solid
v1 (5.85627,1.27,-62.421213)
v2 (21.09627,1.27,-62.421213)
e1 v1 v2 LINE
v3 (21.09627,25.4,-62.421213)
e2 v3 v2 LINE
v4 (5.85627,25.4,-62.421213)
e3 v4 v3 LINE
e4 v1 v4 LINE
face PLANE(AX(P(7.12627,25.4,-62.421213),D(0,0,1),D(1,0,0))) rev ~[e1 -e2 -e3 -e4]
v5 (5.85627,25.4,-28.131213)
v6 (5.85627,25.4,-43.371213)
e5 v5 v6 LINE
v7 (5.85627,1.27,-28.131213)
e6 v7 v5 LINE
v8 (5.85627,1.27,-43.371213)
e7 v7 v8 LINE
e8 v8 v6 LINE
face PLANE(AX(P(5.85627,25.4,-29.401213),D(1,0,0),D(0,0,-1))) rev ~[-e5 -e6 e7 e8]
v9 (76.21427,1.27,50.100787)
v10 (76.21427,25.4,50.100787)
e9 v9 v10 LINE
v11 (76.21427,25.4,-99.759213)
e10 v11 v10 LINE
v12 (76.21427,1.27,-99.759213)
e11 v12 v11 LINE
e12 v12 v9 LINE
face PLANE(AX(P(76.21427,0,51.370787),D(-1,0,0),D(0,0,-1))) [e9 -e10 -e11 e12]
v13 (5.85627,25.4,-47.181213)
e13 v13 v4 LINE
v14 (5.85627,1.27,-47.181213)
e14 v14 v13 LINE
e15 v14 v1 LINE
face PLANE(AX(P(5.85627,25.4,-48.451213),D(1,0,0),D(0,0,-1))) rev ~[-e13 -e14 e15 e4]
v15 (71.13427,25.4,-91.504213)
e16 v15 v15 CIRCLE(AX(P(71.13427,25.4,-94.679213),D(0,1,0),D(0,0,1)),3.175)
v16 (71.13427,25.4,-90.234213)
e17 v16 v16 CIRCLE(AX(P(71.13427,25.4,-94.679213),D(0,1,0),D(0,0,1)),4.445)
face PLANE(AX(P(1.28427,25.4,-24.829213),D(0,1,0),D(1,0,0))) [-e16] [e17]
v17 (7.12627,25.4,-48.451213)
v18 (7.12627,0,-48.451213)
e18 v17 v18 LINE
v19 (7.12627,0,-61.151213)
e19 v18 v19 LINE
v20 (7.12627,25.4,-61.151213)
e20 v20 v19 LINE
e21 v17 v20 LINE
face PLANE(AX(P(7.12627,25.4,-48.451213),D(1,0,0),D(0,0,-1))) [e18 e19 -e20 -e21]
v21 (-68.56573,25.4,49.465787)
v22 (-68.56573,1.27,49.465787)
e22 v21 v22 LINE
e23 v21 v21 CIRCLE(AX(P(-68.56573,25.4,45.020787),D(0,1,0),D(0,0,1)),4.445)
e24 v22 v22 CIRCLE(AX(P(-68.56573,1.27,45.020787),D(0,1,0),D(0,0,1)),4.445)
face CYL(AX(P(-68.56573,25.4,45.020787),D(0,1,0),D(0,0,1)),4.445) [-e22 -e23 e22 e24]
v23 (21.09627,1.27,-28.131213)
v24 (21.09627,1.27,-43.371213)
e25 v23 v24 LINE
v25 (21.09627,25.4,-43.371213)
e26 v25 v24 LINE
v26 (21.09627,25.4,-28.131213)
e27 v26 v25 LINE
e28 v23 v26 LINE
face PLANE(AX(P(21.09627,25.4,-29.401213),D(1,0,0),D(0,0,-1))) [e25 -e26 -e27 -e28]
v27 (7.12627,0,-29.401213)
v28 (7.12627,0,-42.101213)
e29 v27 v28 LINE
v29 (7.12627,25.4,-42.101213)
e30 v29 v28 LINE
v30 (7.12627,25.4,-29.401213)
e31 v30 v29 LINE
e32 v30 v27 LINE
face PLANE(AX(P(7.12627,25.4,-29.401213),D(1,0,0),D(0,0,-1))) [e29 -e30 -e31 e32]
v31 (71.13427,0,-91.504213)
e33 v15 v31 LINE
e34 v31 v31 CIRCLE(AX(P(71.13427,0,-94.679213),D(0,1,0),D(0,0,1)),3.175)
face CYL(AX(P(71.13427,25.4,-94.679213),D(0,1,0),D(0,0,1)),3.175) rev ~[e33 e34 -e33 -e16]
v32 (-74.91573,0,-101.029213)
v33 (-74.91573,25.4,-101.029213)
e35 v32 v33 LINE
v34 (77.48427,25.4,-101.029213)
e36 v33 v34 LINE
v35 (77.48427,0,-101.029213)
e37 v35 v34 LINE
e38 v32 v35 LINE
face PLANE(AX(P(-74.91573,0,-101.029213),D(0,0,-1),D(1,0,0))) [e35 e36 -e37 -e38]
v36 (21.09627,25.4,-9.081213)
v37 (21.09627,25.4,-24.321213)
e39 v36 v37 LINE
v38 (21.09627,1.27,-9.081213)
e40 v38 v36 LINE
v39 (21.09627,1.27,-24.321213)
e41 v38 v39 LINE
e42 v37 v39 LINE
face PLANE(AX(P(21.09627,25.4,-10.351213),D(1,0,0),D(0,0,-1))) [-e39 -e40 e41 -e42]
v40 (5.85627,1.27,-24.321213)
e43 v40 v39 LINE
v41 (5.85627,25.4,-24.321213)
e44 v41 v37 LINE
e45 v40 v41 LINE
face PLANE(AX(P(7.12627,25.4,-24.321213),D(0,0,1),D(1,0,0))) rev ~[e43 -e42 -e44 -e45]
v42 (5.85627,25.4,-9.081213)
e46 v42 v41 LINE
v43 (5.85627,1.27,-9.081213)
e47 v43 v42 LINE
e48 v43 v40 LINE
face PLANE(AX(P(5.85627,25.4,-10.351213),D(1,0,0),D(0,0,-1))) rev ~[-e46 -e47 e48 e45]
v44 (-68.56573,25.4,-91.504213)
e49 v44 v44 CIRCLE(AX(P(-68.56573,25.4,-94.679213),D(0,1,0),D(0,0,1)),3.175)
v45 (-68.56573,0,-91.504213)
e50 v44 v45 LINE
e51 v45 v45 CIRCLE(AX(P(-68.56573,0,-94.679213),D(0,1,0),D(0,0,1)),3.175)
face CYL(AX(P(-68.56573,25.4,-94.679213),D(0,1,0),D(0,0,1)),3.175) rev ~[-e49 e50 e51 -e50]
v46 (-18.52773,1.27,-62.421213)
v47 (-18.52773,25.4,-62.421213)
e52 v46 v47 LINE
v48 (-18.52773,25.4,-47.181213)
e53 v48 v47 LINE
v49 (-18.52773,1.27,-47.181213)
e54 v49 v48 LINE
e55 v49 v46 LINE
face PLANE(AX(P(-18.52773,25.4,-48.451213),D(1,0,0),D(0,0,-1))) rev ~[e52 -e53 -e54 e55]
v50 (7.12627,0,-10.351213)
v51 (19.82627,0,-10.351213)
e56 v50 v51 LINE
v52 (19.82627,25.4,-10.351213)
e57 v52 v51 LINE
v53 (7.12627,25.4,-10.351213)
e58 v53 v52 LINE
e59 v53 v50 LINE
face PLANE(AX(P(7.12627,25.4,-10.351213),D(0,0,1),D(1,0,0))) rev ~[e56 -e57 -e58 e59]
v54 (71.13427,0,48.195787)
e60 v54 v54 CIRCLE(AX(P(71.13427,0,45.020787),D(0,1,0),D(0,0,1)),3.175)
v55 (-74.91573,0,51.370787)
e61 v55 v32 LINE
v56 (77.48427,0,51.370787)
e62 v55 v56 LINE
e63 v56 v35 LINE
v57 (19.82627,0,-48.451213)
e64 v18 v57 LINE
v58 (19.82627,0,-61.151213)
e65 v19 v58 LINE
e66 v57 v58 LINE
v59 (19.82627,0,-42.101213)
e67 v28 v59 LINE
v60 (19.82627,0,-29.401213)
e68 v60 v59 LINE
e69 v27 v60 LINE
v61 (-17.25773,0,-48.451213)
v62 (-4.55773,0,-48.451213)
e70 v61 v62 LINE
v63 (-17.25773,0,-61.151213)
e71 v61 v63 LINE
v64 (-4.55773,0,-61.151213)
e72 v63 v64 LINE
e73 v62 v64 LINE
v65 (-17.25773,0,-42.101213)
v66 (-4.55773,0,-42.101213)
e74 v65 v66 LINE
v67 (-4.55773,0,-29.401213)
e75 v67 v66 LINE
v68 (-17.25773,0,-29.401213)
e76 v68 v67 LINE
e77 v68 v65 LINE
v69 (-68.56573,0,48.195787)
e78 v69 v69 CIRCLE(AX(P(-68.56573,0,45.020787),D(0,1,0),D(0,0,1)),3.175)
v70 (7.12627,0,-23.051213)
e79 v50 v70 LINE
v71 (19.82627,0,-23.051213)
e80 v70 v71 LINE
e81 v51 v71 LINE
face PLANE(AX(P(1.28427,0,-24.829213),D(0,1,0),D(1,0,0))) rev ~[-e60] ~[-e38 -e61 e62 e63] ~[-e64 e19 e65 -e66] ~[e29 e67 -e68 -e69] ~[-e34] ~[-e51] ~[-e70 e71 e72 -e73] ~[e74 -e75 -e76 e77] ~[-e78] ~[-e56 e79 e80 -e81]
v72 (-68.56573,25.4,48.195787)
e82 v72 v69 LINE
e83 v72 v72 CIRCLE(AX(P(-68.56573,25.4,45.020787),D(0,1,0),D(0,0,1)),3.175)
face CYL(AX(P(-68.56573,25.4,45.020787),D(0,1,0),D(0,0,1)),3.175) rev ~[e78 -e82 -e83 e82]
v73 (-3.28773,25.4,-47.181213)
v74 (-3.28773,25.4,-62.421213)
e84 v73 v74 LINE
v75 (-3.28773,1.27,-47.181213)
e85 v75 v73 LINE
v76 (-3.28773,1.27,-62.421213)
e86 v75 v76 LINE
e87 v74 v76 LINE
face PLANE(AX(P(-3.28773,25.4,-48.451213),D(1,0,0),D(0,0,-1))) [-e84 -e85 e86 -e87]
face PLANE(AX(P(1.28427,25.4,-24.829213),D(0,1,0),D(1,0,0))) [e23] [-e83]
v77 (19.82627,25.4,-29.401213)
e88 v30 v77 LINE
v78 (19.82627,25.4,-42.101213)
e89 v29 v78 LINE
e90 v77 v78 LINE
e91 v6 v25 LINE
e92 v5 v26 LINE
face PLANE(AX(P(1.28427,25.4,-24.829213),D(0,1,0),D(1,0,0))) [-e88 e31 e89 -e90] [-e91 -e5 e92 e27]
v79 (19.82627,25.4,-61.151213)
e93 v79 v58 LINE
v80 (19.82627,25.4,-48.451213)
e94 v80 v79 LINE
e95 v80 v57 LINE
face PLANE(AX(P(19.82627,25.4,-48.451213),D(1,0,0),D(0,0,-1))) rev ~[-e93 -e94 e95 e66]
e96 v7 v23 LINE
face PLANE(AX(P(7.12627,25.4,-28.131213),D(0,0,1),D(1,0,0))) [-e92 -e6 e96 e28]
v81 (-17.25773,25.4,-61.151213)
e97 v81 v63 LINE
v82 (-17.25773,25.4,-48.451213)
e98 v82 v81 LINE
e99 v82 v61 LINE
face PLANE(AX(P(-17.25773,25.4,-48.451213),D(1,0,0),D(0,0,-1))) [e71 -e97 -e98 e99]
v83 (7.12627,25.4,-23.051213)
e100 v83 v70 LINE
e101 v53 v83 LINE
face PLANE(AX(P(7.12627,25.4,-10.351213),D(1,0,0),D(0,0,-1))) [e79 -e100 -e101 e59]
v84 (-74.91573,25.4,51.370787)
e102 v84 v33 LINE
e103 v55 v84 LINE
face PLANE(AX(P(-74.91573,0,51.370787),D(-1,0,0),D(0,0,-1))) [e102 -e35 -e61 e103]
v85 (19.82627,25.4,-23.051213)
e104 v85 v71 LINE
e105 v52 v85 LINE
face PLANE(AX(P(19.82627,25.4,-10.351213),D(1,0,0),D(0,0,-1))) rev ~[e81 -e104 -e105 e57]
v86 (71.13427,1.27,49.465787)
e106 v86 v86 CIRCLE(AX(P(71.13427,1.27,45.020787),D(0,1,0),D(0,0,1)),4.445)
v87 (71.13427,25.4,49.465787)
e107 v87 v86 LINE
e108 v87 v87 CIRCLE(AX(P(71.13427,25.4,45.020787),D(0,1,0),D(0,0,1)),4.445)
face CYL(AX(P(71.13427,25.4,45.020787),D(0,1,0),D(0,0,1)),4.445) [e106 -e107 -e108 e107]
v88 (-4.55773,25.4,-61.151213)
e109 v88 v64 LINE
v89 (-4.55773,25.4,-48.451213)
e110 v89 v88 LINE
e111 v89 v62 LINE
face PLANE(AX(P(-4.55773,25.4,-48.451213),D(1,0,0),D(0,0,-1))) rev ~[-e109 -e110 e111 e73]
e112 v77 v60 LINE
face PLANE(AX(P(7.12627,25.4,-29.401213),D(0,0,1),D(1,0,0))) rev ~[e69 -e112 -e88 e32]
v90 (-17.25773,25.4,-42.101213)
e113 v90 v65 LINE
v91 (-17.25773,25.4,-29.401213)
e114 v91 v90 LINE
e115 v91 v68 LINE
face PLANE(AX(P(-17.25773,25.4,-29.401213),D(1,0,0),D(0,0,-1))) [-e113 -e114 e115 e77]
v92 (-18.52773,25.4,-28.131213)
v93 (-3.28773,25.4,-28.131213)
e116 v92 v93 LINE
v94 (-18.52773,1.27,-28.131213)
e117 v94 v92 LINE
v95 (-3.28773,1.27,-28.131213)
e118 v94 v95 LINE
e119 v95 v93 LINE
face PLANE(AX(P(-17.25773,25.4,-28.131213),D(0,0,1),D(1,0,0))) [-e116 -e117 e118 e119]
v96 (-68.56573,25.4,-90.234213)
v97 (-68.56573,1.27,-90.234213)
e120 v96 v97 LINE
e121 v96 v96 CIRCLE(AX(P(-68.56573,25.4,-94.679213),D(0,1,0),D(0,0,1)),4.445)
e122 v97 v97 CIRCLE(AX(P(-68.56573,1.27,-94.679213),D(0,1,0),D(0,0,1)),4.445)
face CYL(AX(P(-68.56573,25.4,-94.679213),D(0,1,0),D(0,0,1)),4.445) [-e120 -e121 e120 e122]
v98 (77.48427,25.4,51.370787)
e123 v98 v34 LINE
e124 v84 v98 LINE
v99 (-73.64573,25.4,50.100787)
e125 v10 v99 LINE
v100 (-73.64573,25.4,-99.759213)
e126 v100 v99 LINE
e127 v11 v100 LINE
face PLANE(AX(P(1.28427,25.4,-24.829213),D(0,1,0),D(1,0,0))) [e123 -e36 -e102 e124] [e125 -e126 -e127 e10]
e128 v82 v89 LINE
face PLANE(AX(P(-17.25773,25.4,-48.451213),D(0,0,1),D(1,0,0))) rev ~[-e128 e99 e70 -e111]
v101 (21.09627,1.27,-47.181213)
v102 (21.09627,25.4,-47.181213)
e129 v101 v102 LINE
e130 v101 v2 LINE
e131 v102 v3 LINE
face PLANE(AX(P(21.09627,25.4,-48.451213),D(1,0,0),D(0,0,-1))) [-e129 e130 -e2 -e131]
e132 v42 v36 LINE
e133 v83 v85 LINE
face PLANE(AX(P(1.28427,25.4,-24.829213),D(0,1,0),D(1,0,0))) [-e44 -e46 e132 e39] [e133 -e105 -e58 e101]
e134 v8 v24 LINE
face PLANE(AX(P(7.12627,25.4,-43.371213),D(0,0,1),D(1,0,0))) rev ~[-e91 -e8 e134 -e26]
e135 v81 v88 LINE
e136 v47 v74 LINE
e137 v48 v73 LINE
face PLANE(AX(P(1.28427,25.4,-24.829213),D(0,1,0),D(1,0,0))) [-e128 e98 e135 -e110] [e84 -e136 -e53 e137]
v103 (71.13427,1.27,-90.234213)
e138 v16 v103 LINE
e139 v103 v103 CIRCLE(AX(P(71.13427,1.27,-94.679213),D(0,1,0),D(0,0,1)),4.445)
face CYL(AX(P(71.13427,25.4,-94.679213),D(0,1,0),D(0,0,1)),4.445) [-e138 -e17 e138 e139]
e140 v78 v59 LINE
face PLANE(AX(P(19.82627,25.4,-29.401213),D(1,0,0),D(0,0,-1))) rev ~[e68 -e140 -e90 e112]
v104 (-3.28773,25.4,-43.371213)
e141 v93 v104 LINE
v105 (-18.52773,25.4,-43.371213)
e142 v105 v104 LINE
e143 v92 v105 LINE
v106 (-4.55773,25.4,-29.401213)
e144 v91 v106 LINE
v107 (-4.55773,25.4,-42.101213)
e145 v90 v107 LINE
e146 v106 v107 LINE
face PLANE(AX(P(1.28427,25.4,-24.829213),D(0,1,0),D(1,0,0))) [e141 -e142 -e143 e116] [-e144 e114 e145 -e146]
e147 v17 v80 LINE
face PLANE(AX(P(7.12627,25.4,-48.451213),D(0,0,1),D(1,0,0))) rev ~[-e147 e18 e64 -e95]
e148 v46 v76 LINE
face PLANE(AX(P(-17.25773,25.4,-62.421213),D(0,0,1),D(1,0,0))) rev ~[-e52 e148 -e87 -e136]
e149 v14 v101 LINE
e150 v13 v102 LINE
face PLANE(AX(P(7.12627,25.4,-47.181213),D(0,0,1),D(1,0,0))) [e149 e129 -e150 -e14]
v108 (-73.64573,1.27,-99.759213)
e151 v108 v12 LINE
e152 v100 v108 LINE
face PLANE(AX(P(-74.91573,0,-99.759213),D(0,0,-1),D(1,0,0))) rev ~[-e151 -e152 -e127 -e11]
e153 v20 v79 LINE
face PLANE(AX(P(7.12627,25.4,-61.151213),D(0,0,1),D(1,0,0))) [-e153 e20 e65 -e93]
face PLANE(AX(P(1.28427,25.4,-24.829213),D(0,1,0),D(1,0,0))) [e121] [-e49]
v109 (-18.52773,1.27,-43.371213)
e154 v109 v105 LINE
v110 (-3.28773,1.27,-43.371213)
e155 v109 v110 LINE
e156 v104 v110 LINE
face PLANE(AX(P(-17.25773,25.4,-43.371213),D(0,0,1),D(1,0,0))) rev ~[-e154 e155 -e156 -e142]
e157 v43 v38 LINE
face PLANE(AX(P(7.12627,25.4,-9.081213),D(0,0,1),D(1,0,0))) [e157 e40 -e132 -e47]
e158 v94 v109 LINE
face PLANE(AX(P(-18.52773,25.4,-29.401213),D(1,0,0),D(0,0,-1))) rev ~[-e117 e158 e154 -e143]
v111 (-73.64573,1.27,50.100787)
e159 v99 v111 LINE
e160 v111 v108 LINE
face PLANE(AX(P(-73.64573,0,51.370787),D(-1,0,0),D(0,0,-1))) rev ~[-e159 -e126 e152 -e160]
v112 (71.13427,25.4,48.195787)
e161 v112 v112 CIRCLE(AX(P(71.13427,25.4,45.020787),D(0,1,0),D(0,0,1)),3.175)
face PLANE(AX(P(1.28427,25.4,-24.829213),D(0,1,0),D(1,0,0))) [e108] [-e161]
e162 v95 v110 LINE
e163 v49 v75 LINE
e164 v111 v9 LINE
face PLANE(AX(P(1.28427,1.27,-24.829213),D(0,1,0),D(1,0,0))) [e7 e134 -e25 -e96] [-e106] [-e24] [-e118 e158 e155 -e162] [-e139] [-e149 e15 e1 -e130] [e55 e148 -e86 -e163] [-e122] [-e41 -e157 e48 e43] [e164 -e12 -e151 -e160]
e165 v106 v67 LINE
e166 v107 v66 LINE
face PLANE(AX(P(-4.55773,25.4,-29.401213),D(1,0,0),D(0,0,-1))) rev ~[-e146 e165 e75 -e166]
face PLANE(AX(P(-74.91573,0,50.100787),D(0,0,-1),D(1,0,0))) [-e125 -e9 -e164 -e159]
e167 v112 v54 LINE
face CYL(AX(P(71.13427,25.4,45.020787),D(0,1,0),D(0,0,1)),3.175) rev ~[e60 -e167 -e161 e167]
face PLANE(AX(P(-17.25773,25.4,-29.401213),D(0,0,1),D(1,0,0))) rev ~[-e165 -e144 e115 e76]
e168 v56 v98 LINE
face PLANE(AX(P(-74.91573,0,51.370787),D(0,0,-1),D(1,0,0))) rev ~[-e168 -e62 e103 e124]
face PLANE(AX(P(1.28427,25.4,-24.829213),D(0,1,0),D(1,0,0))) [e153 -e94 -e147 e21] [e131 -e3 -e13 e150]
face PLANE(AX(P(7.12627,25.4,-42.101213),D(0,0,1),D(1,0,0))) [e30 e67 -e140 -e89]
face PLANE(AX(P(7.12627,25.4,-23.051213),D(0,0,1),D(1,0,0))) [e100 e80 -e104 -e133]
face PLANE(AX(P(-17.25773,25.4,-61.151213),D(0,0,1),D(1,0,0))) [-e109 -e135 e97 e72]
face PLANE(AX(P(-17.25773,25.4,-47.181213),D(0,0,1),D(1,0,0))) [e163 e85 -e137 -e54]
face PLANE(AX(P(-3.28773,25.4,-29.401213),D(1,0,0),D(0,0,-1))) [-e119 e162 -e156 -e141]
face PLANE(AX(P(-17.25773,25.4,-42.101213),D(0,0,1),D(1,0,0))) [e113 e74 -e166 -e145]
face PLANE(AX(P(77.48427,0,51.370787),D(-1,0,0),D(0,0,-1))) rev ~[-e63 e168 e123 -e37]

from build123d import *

# Parameters (mm, degrees)
SKETCH1_W           = 152.4
SKETCH1_H           = 152.4
BOSS_EXTRUDE1_DEPTH = 25.4
SKETCH3_R           = 3.175
CUT_EXTRUDE1_DEPTH  = 130.830173774
SKETCH4_W           = 12.7
SKETCH4_H           = 12.7
CUT_EXTRUDE2_DEPTH  = 130.830173774
SHELL1_T            = -1.27


with BuildPart() as part:
    # Sketch1 → Boss-Extrude1 (new body)
    with BuildSketch(Plane(origin=(0, 0, 0), x_dir=(1, 0, 0), z_dir=(0, 1, 0))):
        with Locations((1.284269663, 24.829213483)):
            Rectangle(SKETCH1_W, SKETCH1_H)
    extrude(amount=BOSS_EXTRUDE1_DEPTH)

    # Sketch3 → Cut-Extrude1 (cut, through all)
    with BuildSketch(Plane(origin=(0, 25.4, 0), x_dir=(1, 0, 0), z_dir=(0, 1, 0))):
        with Locations(Location((-68.565730337, 94.679213483, 0), (0, 0, 270))):
            Circle(SKETCH3_R)
        with Locations(Location((71.134269663, 94.679213483, 0), (0, 0, 270))):
            Circle(SKETCH3_R)
        with Locations(Location((-68.565730337, -45.020786517, 0), (0, 0, 270))):
            Circle(SKETCH3_R)
        with Locations(Location((71.134269663, -45.020786517, 0), (0, 0, 270))):
            Circle(SKETCH3_R)
    extrude(amount=-CUT_EXTRUDE1_DEPTH, mode=Mode.SUBTRACT)

    # Sketch4 → Cut-Extrude2 (cut, through all)
    with BuildSketch(Plane(origin=(0, 25.4, 0), x_dir=(1, 0, 0), z_dir=(0, 1, 0))):
        with Locations((-10.907730337, 54.801213483)):
            Rectangle(SKETCH4_W, SKETCH4_H)
        with Locations((13.476269663, 54.801213483)):
            Rectangle(SKETCH4_W, SKETCH4_H)
        with Locations((-10.907730337, 35.751213483)):
            Rectangle(SKETCH4_W, SKETCH4_H)
        with Locations((13.476269663, 35.751213483)):
            Rectangle(SKETCH4_W, SKETCH4_H)
        with Locations((13.476269663, 16.701213483)):
            Rectangle(SKETCH4_W, SKETCH4_H)
    extrude(amount=-CUT_EXTRUDE2_DEPTH, mode=Mode.SUBTRACT)

    # Shell1
    shell1_openings = [part.faces().sort_by_distance(p)[0] for p in [
        (-10.907730337, 25.4, -35.751213483),
    ]]
    offset(amount=SHELL1_T, openings=shell1_openings, kind=Kind.INTERSECTION)


solid = part.part
